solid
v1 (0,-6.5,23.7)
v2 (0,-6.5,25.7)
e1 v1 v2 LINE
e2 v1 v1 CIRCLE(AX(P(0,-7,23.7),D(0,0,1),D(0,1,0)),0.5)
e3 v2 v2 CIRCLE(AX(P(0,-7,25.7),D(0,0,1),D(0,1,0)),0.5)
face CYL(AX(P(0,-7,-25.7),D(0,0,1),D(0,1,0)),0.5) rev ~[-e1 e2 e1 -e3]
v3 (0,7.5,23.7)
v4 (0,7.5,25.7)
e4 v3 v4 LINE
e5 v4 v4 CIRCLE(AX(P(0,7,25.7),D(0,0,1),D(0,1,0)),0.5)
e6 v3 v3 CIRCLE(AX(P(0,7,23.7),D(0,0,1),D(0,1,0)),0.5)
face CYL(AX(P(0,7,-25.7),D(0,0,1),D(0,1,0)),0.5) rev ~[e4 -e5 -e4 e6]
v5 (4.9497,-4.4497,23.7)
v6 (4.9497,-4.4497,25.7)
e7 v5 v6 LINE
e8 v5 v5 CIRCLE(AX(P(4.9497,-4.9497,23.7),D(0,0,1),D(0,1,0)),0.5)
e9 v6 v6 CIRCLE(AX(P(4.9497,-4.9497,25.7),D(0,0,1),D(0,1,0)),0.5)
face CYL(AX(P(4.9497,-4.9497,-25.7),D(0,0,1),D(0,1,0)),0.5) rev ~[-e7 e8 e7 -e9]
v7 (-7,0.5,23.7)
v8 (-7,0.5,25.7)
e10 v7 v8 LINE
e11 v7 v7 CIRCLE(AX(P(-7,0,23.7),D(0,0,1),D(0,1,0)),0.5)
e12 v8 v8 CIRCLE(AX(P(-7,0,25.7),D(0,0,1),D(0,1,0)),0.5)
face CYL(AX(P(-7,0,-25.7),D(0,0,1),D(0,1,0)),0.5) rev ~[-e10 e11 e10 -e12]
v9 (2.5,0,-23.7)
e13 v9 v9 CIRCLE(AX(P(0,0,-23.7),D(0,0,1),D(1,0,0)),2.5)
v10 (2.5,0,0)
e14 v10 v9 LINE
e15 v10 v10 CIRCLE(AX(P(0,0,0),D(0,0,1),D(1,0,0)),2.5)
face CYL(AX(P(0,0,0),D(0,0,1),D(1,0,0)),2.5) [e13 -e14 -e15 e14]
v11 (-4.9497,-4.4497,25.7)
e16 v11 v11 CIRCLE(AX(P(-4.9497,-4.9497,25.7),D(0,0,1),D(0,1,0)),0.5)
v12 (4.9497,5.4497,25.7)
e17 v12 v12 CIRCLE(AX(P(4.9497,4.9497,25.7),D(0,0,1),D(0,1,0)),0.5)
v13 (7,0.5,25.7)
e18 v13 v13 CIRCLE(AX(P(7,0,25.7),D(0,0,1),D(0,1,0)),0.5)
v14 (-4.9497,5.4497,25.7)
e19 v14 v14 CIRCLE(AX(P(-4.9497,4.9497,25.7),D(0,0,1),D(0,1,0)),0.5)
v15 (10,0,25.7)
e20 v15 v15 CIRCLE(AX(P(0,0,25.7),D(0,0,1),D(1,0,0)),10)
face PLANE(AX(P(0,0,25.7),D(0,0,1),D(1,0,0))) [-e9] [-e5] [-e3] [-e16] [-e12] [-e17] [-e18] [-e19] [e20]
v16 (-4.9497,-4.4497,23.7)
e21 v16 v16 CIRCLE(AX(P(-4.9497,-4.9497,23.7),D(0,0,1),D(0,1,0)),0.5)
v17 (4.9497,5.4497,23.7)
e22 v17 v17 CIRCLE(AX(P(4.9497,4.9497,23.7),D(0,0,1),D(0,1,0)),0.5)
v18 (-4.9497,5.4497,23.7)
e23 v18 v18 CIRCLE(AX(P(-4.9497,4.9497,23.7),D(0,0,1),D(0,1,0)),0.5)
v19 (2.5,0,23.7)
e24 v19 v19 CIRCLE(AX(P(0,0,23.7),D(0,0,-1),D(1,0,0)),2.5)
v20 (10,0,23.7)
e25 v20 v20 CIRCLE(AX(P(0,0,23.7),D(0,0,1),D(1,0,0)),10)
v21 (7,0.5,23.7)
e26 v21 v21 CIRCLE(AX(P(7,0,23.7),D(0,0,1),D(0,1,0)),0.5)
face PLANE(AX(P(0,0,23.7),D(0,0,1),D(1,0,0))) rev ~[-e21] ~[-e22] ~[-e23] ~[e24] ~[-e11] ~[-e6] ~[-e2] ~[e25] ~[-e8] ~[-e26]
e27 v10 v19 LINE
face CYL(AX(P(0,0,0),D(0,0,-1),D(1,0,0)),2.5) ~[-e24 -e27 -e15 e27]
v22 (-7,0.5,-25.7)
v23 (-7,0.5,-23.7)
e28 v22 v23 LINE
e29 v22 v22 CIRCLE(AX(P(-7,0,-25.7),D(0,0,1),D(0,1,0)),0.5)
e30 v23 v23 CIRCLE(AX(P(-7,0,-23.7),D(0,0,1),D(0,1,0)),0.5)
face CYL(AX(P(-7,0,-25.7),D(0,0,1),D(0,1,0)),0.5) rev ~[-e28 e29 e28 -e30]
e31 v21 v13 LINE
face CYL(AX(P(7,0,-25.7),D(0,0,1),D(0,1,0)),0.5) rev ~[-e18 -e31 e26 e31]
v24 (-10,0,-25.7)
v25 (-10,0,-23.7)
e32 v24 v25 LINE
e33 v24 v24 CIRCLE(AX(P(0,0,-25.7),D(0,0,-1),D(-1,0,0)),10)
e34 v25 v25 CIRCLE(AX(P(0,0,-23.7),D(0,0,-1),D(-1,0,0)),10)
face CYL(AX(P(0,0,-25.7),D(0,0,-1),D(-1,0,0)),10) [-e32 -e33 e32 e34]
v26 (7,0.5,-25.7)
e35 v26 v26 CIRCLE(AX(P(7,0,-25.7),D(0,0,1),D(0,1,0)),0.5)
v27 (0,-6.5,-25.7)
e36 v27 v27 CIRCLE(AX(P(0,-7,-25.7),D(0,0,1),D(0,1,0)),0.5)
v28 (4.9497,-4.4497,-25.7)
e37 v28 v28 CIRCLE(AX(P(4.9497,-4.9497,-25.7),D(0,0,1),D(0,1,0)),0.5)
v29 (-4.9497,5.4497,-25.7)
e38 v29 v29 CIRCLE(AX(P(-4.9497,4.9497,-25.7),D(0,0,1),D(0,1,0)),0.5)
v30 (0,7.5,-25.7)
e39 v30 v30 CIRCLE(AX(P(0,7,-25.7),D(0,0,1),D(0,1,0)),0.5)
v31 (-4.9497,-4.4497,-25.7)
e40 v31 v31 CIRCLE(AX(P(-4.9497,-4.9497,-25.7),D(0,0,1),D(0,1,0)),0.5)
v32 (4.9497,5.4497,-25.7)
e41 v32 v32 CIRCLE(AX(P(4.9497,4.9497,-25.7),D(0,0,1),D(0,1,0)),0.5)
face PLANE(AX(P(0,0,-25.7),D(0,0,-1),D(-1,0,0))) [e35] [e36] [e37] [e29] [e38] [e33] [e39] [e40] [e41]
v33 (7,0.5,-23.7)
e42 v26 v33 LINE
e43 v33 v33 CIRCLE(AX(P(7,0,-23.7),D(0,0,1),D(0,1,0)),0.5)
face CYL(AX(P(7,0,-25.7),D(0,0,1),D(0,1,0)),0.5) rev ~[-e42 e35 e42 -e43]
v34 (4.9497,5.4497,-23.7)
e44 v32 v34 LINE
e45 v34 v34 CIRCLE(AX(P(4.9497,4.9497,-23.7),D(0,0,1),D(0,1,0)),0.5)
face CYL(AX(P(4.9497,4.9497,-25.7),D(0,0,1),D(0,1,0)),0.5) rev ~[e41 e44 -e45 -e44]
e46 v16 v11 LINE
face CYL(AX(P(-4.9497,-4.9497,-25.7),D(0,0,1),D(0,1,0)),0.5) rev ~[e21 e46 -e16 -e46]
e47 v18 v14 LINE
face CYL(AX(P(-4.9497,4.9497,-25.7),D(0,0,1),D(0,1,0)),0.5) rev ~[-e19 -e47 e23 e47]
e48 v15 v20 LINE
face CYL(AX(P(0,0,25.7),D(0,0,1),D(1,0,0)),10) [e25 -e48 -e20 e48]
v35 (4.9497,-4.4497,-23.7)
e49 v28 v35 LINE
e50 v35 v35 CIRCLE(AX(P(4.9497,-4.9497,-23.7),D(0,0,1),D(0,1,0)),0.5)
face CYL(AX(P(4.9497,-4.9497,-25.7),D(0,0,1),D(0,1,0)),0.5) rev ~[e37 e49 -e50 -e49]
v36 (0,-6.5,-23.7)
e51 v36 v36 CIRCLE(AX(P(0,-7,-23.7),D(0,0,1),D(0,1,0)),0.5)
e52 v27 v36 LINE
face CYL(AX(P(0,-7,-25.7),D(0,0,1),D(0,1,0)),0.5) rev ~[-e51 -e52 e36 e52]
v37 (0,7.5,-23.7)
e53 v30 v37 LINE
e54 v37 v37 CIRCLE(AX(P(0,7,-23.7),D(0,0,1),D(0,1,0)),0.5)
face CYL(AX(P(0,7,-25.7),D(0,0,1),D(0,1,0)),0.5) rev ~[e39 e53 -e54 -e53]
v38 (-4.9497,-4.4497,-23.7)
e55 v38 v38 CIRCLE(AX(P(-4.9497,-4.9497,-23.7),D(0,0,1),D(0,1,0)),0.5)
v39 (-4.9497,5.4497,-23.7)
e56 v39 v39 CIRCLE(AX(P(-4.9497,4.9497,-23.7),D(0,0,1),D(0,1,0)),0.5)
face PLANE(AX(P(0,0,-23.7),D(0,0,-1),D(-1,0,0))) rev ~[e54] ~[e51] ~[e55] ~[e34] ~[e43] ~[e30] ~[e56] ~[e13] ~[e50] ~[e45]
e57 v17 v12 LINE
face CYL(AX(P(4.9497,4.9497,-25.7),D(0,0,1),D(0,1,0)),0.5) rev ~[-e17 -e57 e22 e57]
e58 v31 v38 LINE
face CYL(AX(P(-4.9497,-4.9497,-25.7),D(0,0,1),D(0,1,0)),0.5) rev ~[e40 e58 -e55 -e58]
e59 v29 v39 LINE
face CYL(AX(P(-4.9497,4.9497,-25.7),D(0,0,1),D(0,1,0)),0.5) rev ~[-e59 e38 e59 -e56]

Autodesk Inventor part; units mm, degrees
ref_plane "YZ Plane" through (0, 0, 0) normal (1, 0, 0) x (0, 1, 0)
ref_plane "XZ Plane" through (0, 0, 0) normal (0, 1, 0) x (-1, 0, 0)
ref_plane "XY Plane" through (0, 0, 0) normal (0, 0, 1) x (1, 0, 0)
sketch "スケッチ1" plane through (0, 0, 0) normal (0, 0, 1) x (1, 0, 0)
  circle A0 centre (0, 0) radius 2.5
  dimension "d0" = 5
extrude "押し出し1" add sketch "スケッチ1" along normal mid plane 51.4
sketch "スケッチ2" plane through (0, 0, 25.7) normal (0, 0, 1) x (1, 0, 0)
  circle A0 centre (0, 0) radius 10
  dimension "d3" = 20
extrude "押し出し2" add sketch "スケッチ2" against normal blind 2
sketch "スケッチ3" plane through (0, 0, -25.7) normal (0, 0, -1) x (-1, 0, 0)
  circle A0 centre (0, 0) radius 10
  dimension "d6" = 20
extrude "押し出し3" add sketch "スケッチ3" against normal blind 2
sketch "スケッチ4" plane through (0, 0, -25.7) normal (0, 0, -1) x (-1, 0, 0)
  point P0 (0, 0)
  point P1 (7, 0)
  point P2 (4.9497, 4.9497)
  point P3 (0, 7)
  point P4 (-4.9497, 4.9497)
  point P5 (-7, 0)
  point P6 (-4.9497, -4.9497)
  point P7 (0, -7)
  point P8 (4.9497, -4.9497)
  dimension "d9" = 7
  dimension "d12" = 360
hole "穴1" at (-7, 0, -25.7) at (-4.9497, 4.9497, -25.7) at (0, 7, -25.7) at (4.9497, 4.9497, -25.7) at (7, 0, -25.7) at (4.9497, -4.9497, -25.7) at (0, -7, -25.7) at (-4.9497, -4.9497, -25.7) direction (0, 0, 1) diameter 1 end through all
properties part number "サーボパーツ2"
